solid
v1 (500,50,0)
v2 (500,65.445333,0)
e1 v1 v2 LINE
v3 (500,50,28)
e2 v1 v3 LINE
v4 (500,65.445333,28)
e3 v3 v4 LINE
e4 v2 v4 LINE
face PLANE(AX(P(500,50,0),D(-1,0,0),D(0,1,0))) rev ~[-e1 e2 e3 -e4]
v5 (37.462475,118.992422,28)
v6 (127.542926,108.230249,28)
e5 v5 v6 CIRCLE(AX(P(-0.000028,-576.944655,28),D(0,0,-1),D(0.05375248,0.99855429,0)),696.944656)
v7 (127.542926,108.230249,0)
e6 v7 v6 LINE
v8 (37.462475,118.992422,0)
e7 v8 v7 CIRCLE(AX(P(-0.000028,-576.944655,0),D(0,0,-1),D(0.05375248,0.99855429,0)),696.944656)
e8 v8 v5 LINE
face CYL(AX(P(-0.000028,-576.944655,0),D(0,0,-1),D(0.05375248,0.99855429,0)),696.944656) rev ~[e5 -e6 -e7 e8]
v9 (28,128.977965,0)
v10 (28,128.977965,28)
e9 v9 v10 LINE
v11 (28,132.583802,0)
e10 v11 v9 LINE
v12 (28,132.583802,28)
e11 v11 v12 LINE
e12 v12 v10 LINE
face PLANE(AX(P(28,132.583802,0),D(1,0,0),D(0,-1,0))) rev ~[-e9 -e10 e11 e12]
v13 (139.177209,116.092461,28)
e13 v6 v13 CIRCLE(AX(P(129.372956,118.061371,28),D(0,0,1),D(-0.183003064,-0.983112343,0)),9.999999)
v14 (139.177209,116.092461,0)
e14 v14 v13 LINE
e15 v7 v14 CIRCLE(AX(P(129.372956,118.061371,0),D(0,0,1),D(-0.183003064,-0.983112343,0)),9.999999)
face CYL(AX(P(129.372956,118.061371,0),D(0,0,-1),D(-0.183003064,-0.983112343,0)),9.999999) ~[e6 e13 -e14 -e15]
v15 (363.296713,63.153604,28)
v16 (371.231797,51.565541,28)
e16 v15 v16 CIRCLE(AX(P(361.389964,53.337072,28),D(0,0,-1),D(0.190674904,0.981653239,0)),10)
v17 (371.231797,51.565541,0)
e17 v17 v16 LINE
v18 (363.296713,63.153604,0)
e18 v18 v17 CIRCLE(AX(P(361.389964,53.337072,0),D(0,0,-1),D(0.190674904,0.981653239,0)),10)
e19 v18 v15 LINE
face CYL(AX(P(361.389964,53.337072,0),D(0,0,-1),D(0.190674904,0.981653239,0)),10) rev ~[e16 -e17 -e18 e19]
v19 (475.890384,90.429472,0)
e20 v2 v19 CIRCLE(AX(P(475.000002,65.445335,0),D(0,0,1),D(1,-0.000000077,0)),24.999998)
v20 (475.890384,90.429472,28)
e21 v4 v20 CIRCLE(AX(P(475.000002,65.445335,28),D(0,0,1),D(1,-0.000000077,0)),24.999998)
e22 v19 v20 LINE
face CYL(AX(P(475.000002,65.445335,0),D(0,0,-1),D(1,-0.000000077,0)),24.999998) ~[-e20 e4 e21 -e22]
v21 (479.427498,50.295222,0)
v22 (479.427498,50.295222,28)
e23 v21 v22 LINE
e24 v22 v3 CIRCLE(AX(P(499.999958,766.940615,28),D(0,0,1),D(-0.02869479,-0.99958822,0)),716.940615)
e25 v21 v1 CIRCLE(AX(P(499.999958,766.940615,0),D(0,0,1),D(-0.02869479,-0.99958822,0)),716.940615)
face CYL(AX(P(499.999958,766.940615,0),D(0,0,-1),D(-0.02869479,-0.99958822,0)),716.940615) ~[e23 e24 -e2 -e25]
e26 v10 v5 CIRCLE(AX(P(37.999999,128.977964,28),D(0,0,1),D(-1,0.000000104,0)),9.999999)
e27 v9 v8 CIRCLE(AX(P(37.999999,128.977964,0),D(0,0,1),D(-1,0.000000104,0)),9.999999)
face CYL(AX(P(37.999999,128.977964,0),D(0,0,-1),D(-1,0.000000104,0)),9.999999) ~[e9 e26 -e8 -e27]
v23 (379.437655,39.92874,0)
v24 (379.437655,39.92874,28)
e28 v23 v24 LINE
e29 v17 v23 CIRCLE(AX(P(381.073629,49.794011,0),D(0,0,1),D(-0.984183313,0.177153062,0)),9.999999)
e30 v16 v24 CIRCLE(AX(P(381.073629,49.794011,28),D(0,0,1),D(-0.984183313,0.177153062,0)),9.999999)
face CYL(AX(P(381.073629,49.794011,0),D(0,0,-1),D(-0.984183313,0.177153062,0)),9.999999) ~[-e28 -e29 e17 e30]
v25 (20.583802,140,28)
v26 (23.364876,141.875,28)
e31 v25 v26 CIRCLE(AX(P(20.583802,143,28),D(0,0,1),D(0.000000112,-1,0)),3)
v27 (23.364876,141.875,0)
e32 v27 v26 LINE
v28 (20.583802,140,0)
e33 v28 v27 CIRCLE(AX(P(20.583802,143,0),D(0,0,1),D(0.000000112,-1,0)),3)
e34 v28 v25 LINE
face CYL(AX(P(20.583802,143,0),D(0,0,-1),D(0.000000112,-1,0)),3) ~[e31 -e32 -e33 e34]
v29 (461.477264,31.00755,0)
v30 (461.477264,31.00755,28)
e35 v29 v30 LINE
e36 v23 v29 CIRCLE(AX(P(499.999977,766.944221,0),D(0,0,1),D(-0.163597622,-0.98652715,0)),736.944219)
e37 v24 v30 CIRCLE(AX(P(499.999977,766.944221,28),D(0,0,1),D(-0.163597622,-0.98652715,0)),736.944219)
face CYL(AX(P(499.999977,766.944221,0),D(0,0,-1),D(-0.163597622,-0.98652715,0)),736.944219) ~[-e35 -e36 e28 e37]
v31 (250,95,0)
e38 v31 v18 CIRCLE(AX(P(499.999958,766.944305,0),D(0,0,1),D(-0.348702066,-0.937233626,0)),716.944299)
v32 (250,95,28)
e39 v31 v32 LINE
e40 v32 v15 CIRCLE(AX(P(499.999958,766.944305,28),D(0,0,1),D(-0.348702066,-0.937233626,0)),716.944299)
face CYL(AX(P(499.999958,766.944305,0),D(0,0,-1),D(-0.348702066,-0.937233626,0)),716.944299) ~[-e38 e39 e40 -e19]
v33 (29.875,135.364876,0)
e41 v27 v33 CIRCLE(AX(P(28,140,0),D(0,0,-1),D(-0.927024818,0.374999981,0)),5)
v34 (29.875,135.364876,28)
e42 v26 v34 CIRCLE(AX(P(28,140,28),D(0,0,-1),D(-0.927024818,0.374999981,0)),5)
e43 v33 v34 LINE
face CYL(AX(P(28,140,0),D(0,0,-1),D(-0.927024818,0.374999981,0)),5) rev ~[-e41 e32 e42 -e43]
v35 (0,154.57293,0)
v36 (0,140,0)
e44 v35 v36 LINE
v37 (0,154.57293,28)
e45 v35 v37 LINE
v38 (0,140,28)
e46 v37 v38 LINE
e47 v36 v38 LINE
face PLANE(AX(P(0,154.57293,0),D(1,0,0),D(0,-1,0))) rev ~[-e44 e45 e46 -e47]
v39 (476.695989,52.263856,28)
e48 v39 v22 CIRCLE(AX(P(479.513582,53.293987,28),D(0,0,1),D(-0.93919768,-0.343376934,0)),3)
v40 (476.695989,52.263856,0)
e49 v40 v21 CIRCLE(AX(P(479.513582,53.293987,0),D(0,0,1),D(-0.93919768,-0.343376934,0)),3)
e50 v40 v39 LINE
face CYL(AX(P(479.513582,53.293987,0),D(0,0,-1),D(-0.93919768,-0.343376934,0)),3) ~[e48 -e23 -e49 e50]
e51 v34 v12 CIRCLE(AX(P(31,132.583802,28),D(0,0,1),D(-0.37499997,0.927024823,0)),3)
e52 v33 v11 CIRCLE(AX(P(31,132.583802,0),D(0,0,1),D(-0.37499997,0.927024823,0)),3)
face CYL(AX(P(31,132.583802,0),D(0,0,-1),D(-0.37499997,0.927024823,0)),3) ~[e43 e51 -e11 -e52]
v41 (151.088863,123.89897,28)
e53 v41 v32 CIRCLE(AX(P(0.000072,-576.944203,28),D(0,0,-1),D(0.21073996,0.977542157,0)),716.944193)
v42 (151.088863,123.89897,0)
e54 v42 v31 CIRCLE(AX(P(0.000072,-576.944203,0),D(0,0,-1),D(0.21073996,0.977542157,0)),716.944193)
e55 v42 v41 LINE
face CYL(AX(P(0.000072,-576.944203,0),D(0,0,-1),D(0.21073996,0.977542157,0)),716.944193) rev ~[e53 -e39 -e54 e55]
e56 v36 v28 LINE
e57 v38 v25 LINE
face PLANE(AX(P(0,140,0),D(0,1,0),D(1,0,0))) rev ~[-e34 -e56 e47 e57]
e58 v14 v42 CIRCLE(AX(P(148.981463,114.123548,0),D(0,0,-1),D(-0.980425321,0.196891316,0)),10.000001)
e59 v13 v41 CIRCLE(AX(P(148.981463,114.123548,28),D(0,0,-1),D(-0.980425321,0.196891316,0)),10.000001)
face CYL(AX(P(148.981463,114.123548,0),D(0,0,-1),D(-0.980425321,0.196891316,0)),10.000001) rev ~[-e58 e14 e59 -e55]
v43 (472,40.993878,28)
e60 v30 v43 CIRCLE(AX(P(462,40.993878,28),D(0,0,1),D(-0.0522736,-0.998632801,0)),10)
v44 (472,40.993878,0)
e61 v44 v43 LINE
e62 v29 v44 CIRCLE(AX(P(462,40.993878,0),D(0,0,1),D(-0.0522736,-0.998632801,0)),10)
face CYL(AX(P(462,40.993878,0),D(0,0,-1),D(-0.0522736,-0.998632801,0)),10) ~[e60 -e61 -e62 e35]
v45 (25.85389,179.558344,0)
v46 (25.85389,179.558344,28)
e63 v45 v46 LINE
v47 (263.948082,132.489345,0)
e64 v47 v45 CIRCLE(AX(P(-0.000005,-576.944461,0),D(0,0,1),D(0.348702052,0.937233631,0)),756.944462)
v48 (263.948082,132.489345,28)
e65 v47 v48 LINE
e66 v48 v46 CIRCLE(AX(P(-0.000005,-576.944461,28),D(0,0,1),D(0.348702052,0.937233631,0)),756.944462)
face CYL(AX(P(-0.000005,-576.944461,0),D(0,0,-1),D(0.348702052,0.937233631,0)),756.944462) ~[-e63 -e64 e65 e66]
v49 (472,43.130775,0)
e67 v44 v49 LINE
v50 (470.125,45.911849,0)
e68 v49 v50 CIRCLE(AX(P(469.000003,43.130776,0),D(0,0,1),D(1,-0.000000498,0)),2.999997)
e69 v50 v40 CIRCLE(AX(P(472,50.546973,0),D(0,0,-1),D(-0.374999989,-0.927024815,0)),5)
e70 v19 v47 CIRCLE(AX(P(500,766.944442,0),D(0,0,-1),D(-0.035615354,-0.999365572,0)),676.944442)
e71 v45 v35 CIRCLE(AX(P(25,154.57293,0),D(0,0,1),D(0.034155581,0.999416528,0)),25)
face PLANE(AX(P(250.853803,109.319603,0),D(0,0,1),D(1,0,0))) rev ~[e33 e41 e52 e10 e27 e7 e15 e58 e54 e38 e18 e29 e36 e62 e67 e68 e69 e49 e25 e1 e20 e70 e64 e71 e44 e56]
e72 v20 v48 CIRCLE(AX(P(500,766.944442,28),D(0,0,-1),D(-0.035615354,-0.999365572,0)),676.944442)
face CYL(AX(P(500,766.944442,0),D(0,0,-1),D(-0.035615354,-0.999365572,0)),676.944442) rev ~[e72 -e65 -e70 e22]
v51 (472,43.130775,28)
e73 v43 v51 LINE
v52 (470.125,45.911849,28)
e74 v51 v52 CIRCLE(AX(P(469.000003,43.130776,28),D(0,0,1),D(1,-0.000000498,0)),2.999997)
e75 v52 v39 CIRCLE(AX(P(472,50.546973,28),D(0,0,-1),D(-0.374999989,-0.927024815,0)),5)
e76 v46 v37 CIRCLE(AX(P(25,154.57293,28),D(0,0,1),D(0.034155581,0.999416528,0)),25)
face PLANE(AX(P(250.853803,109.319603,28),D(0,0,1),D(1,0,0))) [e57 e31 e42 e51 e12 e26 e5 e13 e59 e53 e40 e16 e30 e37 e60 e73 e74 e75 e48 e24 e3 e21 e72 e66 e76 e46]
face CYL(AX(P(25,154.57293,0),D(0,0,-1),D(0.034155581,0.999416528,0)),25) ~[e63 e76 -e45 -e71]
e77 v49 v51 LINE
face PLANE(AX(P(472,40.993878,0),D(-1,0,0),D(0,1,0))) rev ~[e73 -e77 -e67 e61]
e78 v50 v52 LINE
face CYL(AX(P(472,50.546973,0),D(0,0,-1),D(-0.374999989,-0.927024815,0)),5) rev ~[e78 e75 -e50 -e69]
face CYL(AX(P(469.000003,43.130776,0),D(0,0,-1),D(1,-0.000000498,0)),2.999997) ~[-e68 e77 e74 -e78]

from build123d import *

# Parameters (mm, degrees)
F1_DEPTH = 28


with BuildPart() as f1:
    # F0 (on Top) → F1 (new body)
    with BuildSketch(Plane.XY):
        with BuildLine():
            ThreePointArc((151.088863, 123.89897), (201.06431, 111.228848), (250, 95))
            ThreePointArc((250, 95), (305.993798, 76.748146), (363.296713, 63.153604))
            ThreePointArc((363.296713, 63.153604), (369.640909, 58.987019), (371.231797, 51.565541))
            ThreePointArc((371.231797, 51.565541), (372.901188, 44.031096), (379.437655, 39.92874))
            ThreePointArc((379.437655, 39.92874), (420.332487, 34.318891), (461.477264, 31.00755))
            ThreePointArc((461.477264, 31.00755), (468.883772, 33.740349), (472, 40.993878))
            Line((472, 40.993878), (472, 43.130775))
            ThreePointArc((472, 43.130775), (471.487469, 44.807826), (470.125, 45.911849))
            ThreePointArc((470.125, 45.911849), (468.524875, 54.141901), (476.695989, 52.263856))
            ThreePointArc((476.695989, 52.263856), (477.759525, 50.860207), (479.427498, 50.295222))
            ThreePointArc((479.427498, 50.295222), (489.71269, 50.073809), (500, 50))
            Line((500, 50), (500, 65.445333))
            ThreePointArc((500, 65.445333), (492.989714, 82.805351), (475.890384, 90.429472))
            ThreePointArc((475.890384, 90.429472), (368.230261, 102.948573), (263.948082, 132.489345))
            ThreePointArc((263.948082, 132.489345), (146.799756, 165.628598), (25.85389, 179.558344))
            ThreePointArc((25.85389, 179.558344), (7.626849, 172.549961), (0, 154.57293))
            Line((0, 154.57293), (0, 140))
            Line((0, 140), (20.583802, 140))
            ThreePointArc((20.583802, 140), (22.260852, 140.512531), (23.364876, 141.875))
            ThreePointArc((23.364876, 141.875), (31.535534, 143.535534), (29.875, 135.364876))
            ThreePointArc((29.875, 135.364876), (28.512531, 134.260852), (28, 132.583802))
            Line((28, 132.583802), (28, 128.977965))
            ThreePointArc((28, 128.977965), (30.741376, 122.099565), (37.462475, 118.992422))
            ThreePointArc((37.462475, 118.992422), (82.678, 115.078609), (127.542926, 108.230249))
            ThreePointArc((127.542926, 108.230249), (134.972121, 109.775882), (139.177209, 116.092461))
            ThreePointArc((139.177209, 116.092461), (143.500059, 122.487412), (151.088863, 123.89897))
        make_face()
    extrude(amount=F1_DEPTH)


solid = f1.part
